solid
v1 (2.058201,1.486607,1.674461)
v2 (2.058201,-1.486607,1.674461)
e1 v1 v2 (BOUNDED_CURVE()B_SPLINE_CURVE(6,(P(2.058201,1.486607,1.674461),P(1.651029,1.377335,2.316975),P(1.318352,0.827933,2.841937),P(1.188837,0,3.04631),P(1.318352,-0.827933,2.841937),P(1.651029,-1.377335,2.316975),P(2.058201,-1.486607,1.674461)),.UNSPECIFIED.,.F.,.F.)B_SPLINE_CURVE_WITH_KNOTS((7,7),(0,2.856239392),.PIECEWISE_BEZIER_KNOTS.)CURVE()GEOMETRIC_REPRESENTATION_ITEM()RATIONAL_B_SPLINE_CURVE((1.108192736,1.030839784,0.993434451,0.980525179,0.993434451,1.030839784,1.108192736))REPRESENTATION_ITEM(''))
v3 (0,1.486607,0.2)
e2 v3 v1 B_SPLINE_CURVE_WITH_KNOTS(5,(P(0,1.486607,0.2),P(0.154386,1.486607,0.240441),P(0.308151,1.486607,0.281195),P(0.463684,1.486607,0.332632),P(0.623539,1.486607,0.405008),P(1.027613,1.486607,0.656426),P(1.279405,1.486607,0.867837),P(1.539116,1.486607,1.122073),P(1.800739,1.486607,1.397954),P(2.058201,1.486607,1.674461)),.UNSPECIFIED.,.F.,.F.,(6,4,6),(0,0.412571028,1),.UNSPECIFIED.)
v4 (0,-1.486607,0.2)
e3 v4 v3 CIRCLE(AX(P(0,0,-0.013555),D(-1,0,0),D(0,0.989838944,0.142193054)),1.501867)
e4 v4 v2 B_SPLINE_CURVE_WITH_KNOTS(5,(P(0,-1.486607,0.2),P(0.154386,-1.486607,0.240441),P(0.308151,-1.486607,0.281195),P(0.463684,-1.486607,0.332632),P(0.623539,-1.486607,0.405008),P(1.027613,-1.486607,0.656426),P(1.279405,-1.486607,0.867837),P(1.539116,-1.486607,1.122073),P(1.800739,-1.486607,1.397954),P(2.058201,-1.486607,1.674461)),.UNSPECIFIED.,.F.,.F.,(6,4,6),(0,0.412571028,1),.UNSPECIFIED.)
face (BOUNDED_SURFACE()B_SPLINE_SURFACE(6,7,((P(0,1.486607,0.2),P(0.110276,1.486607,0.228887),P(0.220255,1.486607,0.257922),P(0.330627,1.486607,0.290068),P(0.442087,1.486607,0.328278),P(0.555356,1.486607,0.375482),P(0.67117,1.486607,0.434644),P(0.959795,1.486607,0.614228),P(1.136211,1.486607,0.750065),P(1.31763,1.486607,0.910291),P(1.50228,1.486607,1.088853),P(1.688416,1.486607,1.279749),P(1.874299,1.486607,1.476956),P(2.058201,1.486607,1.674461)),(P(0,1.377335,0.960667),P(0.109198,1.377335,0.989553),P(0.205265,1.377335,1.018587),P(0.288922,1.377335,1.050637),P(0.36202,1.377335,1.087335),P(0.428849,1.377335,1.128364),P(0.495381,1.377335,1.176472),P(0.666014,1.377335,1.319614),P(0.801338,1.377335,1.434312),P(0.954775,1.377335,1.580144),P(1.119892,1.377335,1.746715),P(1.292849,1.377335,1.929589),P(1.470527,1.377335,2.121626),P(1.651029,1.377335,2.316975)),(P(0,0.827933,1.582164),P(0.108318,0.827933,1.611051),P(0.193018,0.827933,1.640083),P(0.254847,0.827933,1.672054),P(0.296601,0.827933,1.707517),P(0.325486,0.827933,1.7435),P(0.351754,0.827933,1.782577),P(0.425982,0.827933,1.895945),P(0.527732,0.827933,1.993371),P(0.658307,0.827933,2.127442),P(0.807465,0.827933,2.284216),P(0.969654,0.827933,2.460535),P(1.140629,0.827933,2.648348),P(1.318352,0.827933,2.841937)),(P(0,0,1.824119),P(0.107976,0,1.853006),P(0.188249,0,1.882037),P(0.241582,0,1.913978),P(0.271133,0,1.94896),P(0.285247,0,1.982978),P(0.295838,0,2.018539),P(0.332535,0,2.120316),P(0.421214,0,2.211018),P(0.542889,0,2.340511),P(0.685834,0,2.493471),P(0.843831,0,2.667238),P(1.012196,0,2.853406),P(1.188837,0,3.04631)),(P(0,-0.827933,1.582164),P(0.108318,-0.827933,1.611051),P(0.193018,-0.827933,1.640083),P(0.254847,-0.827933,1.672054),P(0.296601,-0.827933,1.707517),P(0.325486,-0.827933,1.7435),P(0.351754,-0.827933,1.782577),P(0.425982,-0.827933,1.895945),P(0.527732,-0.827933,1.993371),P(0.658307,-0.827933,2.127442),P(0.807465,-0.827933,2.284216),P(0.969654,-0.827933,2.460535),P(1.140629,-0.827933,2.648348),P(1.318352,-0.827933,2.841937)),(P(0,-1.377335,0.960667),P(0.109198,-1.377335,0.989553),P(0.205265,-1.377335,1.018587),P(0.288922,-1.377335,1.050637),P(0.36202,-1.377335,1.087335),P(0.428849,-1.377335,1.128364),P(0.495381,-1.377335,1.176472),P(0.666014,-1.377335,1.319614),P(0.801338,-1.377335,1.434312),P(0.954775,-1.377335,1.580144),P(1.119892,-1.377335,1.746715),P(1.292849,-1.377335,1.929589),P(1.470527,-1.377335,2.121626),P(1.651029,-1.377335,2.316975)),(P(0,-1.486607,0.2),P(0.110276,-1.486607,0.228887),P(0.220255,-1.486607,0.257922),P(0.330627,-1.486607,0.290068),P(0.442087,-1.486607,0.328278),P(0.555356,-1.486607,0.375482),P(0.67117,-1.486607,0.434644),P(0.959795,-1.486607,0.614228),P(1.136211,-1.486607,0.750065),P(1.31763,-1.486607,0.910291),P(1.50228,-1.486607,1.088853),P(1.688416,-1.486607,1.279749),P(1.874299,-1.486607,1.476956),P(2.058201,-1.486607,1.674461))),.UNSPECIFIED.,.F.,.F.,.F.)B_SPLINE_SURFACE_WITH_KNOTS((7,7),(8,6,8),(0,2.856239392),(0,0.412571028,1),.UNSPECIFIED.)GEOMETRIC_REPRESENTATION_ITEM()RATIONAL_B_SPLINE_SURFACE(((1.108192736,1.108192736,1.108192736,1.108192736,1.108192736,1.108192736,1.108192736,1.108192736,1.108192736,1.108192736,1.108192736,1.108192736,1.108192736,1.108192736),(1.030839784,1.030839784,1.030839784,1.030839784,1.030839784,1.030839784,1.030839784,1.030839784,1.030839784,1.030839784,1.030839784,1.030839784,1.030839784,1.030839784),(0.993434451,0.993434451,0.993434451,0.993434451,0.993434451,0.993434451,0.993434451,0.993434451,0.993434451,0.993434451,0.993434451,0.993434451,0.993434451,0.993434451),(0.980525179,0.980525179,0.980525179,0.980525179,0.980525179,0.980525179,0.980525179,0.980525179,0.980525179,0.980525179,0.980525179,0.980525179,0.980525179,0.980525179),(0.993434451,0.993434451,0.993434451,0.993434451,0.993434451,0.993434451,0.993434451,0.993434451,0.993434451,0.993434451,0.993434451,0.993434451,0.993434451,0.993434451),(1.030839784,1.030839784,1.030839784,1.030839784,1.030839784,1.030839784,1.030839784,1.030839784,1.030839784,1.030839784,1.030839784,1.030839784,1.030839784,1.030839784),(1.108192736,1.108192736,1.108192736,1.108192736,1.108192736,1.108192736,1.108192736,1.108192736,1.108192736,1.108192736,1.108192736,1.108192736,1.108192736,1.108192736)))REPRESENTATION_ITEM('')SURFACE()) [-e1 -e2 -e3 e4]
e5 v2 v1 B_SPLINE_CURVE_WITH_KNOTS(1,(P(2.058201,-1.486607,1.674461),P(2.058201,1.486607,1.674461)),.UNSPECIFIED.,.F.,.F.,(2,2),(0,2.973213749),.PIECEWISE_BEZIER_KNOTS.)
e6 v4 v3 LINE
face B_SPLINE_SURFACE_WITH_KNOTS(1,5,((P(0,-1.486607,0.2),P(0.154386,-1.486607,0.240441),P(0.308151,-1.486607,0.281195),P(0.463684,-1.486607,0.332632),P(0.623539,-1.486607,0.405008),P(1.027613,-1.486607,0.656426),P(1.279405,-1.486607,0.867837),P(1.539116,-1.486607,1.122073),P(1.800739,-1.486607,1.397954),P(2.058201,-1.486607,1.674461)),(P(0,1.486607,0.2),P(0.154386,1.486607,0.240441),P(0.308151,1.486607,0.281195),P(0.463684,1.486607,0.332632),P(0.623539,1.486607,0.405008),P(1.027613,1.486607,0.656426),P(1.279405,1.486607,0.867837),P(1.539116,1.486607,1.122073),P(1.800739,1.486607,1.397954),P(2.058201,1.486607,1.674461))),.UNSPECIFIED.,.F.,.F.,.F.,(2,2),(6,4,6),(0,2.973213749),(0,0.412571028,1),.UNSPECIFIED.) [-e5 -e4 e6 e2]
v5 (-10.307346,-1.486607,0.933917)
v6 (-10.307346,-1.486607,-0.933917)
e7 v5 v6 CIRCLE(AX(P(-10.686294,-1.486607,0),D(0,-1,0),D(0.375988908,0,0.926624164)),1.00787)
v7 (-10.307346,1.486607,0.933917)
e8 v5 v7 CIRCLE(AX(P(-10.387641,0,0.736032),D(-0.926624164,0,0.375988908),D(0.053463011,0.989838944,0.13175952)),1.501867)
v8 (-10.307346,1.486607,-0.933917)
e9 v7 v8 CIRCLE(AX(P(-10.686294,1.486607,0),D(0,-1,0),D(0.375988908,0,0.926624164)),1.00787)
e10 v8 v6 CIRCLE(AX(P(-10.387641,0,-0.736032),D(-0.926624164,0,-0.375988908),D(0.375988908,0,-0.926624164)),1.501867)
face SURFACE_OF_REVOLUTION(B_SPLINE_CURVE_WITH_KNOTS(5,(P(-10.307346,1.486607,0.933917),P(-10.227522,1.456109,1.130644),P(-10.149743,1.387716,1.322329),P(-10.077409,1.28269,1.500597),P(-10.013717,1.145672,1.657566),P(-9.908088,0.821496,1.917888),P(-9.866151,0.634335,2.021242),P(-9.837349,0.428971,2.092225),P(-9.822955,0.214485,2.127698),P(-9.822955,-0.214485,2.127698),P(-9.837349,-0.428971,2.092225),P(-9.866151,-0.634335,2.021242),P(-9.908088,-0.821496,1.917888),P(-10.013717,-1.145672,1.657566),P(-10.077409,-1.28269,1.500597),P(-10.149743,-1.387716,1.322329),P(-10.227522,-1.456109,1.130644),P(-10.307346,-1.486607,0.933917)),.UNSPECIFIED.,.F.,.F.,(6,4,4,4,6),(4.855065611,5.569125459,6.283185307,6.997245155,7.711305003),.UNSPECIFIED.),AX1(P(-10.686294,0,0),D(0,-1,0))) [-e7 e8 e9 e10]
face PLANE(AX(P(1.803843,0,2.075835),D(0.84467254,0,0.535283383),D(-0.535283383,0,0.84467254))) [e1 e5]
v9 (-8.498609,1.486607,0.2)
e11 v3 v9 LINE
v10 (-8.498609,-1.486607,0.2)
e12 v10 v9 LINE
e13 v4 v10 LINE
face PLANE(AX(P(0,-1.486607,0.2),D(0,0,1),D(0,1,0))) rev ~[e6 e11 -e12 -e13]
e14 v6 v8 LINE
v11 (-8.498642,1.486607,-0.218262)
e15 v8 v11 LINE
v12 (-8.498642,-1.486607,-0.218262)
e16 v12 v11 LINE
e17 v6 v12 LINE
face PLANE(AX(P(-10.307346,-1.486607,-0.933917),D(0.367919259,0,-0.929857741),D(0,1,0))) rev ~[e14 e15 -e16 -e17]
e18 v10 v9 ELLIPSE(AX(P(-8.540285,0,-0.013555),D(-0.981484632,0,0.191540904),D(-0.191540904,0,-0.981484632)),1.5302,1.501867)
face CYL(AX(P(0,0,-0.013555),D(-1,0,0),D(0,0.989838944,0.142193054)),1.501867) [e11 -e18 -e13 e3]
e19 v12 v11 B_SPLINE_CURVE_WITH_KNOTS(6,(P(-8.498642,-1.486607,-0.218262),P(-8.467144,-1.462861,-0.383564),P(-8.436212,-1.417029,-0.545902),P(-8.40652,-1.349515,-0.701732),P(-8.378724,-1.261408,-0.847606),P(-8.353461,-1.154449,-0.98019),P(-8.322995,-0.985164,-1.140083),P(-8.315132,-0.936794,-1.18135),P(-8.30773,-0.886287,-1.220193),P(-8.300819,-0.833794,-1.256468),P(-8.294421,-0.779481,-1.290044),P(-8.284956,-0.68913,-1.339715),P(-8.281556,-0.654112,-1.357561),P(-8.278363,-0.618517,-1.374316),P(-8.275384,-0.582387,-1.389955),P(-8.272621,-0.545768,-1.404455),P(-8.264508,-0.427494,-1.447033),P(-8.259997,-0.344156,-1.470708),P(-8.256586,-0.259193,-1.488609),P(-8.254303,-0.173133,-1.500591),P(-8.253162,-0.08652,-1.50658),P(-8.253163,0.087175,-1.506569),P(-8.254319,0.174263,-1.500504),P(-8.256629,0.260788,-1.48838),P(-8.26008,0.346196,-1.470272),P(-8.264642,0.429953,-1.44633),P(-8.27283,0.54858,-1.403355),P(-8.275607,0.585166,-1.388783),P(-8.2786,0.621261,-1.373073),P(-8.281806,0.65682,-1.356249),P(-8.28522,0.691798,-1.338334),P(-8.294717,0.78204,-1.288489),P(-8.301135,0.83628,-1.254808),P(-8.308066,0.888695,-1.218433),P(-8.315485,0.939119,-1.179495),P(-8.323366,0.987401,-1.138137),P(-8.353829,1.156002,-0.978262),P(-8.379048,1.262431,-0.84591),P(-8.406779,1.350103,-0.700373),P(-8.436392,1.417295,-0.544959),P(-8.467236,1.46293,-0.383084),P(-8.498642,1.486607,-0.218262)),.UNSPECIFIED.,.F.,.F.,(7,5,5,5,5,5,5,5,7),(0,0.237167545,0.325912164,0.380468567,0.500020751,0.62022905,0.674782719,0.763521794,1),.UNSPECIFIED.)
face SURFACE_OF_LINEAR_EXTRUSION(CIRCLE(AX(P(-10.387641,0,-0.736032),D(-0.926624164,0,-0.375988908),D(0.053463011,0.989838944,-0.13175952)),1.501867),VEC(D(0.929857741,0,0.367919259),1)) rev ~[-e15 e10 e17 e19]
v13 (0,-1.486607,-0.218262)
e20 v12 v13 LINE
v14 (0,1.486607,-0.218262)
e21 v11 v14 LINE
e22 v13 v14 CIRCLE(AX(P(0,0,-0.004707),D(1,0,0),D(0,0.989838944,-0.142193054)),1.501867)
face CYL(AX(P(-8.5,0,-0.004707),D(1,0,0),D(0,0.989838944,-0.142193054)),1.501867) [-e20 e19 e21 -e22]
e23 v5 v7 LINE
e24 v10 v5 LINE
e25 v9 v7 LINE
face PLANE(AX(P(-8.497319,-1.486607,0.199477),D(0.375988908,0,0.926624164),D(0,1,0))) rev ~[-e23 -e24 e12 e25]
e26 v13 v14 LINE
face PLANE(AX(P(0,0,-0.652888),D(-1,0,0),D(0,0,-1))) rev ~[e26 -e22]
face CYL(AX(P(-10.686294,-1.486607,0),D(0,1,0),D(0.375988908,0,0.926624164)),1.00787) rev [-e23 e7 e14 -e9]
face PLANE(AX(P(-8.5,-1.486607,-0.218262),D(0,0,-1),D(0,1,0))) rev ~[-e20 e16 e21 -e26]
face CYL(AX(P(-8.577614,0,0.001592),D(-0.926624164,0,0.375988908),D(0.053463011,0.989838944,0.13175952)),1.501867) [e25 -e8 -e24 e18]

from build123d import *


with BuildPart() as f2:
    # F2: sweep along a path in F1
    with BuildLine(Plane.XZ) as f2_path:
        Line((0, 0.1928703859), (-8.5, 0.1928703859))
        Line((-8.5, 0.1928703859), (-10.310026817, 0.9273105534))
        ThreePointArc((-10.310026817, 0.9273105534), (-11.6870349777, 0), (-10.310026817, -0.9273105534))
        Line((-10.310026817, -0.9273105534), (-8.5, -0.2111324798))
        Line((-8.5, -0.2111324798), (0, -0.2111324798))
    # F0 (on Right) → F2 (sweep)
    with BuildSketch(Plane.YZ):
        with BuildLine():
            Line((-1.4866068747, 0.2), (1.4866068747, 0.2))
            ThreePointArc((1.4866068747, 0.2), (0, 1.4883123163), (-1.4866068747, 0.2))
        make_face()
    sweep(path=f2_path.line, transition=Transition.RIGHT)

    # F3: sweep along a path in F1
    with BuildLine(Plane.XZ) as f3_path:
        add(Plane.XZ * Edge.make_bspline(
            [(0, 0.1928703859), (0.2573332154, 0.260272227), (0.8780881589, 0.4261663517), (1.6328392869, 1.207547598), (2.0620173309, 1.6684386646)],
            knots=[0, 0, 0, 0, 0.4125710277, 1, 1, 1, 1], degree=3))
    # F0 (on Right) → F3 (sweep)
    with BuildSketch(Plane.YZ):
        with BuildLine():
            Line((-1.4866068747, 0.2), (1.4866068747, 0.2))
            ThreePointArc((1.4866068747, 0.2), (0, 1.4883123163), (-1.4866068747, 0.2))
        make_face()
    sweep(path=f3_path.line)


solid = f2.part
